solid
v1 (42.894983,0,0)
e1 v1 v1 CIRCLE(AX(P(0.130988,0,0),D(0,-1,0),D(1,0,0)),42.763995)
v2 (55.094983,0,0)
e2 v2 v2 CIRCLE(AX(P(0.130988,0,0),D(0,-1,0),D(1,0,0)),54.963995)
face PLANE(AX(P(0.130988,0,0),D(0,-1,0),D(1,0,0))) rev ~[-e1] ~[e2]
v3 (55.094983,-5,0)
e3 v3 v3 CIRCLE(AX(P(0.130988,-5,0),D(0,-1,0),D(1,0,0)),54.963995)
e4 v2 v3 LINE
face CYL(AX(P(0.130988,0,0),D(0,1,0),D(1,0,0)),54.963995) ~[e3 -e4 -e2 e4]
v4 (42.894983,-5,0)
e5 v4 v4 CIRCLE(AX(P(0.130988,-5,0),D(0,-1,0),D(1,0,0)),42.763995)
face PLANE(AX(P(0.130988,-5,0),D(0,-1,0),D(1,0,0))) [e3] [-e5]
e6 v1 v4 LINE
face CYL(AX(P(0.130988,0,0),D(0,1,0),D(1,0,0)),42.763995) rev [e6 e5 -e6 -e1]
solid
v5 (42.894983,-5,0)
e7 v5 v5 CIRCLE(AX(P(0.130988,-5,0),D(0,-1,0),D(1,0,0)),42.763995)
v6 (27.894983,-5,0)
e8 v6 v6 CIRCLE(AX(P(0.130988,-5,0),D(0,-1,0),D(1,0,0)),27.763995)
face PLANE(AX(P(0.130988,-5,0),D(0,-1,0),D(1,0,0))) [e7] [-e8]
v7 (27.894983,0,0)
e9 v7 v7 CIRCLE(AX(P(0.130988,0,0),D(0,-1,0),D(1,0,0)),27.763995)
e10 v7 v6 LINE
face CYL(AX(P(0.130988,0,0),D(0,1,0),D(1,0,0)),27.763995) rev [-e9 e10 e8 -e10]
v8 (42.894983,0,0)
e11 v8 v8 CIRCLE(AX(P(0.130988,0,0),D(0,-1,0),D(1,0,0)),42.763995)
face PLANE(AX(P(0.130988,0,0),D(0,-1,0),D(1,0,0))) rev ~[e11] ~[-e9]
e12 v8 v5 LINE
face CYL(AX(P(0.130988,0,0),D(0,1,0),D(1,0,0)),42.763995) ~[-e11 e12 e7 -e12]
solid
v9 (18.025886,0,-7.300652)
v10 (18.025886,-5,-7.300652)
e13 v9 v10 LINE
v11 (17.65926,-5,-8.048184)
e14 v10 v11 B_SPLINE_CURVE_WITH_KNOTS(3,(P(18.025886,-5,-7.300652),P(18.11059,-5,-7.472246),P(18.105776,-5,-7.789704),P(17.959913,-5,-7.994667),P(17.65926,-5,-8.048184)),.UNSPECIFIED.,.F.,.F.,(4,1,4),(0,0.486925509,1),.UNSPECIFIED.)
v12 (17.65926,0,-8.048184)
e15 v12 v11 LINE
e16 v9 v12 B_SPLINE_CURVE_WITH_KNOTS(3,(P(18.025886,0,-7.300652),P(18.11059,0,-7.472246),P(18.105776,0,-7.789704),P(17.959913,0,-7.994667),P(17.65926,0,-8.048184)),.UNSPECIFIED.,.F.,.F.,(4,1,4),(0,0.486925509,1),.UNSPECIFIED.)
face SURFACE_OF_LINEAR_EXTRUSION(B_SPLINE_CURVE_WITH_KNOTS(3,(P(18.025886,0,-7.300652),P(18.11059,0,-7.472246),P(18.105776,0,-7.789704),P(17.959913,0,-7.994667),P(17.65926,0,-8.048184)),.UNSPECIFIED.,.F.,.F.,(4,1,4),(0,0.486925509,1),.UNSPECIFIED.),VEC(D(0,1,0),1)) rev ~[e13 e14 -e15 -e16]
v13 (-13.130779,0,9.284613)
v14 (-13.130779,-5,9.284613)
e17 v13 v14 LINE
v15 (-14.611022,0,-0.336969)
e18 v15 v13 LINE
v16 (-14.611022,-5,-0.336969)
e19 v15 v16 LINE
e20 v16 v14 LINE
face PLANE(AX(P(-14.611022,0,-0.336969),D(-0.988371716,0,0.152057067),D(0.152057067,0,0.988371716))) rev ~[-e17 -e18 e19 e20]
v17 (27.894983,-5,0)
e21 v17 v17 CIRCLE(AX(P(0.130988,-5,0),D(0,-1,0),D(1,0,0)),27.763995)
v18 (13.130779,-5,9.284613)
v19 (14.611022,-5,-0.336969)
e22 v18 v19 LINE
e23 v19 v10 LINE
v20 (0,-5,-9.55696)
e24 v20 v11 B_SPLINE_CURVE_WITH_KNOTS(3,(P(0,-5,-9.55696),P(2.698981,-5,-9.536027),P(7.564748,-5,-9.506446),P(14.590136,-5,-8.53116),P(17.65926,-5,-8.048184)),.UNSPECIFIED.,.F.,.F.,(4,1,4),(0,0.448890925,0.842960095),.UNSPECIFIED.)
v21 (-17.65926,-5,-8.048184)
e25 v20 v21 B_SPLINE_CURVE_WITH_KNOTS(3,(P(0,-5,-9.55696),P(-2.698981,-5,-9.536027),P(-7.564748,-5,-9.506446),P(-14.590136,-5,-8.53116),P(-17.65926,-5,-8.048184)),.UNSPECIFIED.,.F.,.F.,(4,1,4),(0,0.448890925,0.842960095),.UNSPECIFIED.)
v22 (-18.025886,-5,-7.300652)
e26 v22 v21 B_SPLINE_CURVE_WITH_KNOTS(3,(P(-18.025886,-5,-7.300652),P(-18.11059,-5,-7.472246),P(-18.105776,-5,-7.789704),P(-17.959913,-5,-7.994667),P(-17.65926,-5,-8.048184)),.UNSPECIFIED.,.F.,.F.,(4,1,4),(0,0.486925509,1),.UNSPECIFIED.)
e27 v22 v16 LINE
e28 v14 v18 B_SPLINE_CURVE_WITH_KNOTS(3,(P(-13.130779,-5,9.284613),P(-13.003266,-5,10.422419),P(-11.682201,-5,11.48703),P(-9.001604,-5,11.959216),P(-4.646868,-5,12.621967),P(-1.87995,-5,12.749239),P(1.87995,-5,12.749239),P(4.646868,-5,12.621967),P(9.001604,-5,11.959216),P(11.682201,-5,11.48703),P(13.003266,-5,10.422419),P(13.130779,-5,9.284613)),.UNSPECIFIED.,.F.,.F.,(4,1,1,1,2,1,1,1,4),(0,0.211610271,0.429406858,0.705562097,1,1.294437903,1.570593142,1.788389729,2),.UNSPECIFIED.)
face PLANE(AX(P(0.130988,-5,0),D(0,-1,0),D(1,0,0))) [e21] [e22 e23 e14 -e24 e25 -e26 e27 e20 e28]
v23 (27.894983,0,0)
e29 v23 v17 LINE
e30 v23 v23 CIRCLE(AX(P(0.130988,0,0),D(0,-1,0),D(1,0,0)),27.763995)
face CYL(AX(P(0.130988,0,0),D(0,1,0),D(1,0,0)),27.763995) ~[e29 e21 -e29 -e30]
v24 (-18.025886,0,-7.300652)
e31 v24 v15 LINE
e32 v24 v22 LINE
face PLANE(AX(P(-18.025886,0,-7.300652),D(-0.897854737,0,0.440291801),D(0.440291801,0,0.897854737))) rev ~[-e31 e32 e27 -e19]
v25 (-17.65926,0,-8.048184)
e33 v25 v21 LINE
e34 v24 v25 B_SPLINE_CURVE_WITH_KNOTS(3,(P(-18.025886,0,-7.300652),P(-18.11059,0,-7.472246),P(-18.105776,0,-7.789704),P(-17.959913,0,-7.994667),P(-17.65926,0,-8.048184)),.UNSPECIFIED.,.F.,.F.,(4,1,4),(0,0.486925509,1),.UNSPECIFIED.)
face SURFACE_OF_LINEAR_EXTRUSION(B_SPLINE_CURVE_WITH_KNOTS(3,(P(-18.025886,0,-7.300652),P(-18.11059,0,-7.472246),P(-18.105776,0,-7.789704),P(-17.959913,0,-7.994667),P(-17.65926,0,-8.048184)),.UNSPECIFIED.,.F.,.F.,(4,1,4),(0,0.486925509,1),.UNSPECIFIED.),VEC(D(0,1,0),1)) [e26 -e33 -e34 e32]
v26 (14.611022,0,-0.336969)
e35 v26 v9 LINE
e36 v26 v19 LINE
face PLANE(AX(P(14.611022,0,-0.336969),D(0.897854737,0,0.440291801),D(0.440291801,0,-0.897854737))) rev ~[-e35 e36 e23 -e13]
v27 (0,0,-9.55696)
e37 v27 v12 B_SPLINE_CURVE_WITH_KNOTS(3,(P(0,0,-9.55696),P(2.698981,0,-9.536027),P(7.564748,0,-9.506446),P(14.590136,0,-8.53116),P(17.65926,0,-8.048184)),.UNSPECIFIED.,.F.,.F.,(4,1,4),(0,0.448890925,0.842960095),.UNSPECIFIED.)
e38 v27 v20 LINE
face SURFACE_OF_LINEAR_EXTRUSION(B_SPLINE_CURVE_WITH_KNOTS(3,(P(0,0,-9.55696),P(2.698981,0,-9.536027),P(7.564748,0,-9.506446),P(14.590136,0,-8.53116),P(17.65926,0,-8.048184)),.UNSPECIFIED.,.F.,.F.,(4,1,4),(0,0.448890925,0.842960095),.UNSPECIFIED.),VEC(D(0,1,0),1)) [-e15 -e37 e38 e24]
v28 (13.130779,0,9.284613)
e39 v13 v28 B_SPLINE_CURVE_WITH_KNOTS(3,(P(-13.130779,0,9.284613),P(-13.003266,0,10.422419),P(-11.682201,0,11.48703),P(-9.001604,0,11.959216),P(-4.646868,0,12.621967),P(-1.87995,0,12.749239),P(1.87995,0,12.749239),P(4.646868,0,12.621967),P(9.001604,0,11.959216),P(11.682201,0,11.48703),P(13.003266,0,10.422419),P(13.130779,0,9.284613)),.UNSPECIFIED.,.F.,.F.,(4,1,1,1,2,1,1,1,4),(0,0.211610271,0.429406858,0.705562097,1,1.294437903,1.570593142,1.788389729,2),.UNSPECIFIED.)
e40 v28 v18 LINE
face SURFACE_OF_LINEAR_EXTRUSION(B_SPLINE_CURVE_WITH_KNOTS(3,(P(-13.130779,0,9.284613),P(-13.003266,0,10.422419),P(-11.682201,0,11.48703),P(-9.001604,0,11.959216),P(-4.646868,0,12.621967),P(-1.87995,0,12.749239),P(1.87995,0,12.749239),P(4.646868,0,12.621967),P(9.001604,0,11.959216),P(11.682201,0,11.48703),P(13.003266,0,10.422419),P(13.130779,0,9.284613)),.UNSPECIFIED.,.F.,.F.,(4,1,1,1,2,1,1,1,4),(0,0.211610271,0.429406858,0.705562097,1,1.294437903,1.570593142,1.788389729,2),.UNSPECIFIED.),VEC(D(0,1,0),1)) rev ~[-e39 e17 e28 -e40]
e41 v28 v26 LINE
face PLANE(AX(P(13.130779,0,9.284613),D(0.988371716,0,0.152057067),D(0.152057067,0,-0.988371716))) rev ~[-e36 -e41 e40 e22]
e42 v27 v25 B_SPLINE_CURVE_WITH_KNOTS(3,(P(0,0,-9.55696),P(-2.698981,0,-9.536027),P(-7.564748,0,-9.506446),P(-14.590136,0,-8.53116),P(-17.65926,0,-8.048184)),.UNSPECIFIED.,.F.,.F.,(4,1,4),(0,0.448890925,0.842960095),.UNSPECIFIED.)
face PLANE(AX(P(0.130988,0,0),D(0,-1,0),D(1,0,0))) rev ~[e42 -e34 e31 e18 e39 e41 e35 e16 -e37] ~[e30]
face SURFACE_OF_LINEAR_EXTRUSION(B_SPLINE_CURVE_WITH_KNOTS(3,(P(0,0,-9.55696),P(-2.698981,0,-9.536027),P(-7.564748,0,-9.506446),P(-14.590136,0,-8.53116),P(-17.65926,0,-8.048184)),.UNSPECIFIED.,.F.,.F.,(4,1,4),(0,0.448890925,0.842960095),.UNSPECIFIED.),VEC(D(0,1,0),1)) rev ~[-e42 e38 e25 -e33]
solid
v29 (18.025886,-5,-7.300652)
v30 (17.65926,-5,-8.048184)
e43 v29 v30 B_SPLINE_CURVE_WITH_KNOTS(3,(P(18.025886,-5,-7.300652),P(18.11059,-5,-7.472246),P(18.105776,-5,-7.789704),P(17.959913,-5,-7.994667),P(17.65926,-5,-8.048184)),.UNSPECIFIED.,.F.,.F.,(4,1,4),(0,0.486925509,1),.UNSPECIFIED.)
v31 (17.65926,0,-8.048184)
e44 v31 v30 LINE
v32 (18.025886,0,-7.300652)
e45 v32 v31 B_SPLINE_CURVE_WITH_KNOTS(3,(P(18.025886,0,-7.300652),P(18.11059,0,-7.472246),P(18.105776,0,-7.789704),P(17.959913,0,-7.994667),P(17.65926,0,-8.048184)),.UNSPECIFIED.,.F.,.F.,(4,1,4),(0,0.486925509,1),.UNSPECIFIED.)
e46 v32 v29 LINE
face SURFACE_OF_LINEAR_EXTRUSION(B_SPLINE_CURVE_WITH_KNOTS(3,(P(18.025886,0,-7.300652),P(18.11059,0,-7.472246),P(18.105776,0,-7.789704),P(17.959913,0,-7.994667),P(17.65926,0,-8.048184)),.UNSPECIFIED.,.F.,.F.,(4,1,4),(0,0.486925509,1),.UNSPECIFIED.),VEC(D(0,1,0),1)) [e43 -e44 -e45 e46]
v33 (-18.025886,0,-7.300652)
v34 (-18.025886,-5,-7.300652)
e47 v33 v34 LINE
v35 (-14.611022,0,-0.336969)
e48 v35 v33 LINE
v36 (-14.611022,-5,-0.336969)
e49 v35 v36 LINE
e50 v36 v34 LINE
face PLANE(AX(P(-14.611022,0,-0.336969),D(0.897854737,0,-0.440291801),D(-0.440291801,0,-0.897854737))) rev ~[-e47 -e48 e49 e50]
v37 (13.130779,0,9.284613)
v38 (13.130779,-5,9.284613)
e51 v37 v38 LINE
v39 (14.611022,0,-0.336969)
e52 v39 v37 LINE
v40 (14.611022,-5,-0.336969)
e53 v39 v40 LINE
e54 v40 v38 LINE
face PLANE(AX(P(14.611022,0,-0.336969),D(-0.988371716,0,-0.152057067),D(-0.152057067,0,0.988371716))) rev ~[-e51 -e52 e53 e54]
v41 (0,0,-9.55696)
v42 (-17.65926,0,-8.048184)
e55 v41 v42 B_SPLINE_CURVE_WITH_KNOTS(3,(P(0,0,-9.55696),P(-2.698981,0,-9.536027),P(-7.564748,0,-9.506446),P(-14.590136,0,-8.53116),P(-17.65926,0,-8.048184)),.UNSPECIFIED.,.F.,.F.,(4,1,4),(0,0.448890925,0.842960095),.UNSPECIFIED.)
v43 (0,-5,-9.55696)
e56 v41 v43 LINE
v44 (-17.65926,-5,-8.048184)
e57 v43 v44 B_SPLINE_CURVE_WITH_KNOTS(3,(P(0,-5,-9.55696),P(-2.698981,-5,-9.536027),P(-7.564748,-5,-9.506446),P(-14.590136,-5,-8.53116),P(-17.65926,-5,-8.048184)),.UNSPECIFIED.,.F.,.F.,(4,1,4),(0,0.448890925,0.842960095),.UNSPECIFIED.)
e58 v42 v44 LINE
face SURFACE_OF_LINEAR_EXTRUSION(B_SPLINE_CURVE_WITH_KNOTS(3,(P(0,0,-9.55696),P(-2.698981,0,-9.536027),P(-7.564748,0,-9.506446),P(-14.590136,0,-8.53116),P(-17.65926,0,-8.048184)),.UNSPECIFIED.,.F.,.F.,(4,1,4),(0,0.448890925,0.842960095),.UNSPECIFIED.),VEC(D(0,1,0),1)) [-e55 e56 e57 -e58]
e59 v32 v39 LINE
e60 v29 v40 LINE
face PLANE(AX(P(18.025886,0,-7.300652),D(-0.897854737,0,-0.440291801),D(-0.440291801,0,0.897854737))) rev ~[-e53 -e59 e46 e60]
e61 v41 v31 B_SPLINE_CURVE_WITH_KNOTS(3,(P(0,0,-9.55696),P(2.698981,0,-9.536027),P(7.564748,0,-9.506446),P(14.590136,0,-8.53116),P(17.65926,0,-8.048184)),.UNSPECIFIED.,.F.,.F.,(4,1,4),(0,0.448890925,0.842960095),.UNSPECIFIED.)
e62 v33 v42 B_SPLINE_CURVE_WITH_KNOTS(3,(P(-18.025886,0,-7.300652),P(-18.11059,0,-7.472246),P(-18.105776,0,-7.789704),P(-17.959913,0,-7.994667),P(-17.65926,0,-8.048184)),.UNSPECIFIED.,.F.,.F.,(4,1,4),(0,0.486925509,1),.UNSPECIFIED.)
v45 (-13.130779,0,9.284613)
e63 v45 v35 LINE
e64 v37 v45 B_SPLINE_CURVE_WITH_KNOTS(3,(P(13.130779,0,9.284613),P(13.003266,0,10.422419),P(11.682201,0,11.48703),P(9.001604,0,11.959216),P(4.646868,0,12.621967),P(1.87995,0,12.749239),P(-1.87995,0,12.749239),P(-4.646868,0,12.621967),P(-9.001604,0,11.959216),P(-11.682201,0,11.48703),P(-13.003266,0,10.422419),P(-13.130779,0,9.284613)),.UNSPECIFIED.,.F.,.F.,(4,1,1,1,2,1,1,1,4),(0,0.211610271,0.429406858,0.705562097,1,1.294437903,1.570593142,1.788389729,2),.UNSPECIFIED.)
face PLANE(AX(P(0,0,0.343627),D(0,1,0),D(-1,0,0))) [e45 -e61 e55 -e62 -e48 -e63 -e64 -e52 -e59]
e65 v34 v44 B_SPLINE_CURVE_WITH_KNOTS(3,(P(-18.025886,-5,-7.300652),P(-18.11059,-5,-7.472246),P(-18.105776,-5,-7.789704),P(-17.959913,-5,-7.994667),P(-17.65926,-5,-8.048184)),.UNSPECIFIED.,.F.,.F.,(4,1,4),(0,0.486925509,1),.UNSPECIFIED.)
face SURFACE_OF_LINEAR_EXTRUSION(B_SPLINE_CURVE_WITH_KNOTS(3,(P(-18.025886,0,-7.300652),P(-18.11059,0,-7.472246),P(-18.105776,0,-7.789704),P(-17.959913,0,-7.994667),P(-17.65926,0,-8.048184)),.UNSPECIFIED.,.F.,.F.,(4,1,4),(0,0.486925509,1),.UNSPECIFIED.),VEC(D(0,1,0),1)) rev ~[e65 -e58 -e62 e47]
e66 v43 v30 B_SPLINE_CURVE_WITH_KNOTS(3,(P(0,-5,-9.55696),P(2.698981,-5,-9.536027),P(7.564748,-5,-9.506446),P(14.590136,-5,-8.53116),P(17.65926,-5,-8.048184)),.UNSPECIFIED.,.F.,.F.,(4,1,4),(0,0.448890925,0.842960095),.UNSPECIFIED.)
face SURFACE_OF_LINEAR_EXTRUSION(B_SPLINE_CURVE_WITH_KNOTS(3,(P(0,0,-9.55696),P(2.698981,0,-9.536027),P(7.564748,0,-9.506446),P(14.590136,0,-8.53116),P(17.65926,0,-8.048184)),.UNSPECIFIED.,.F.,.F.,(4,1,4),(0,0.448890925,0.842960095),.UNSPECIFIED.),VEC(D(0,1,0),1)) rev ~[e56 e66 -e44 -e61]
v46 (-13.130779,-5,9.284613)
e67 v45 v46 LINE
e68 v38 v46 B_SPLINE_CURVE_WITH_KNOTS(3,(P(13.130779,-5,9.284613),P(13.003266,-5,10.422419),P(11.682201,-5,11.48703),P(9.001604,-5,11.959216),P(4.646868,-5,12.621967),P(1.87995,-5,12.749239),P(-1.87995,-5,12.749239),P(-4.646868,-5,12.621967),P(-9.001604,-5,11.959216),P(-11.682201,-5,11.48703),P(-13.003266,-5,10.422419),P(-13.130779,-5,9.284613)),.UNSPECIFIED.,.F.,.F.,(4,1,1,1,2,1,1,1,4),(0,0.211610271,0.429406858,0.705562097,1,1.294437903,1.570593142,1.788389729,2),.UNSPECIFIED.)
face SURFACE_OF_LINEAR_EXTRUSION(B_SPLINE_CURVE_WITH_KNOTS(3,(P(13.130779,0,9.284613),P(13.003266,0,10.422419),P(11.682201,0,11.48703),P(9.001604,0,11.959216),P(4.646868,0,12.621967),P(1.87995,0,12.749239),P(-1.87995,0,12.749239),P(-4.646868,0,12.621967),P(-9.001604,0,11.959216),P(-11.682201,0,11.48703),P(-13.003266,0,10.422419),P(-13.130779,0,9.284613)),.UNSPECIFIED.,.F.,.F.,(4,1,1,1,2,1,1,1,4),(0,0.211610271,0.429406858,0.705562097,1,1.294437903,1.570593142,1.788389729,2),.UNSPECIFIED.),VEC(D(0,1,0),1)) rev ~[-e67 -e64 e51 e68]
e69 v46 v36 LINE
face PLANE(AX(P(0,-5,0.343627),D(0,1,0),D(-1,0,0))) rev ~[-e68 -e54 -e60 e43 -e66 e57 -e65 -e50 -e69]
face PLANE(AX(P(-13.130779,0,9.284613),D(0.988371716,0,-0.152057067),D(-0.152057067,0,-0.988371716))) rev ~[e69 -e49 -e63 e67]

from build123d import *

# Parameters (mm, degrees)
F1_DEPTH = 5
F0_R     = 27.763995
F2_DEPTH = 5
F0_R_2   = 42.763995
F3_DEPTH = 5
F0_R_3   = 54.963995
F4_DEPTH = 5


with BuildPart() as f1:
    # F0 (on Front) → F1 (new body)
    with BuildSketch(Plane.XZ):
        with BuildLine():
            add(Edge.make_bspline(
                [(0, 12.749238871), (1.8799504391, 12.749238871), (4.6468677574, 12.621967018), (9.0016043625, 11.9592161022), (11.6822012955, 11.487029525), (13.0032659097, 10.4224192532), (13.1307793781, 9.2846127227)],
                knots=[0, 0, 0, 0, 0.2944379035, 0.5705931421, 0.7883897291, 1, 1, 1, 1], degree=3))
            add(Edge.make_bspline(
                [(0, 12.749238871), (-1.8799504391, 12.749238871), (-4.6468677574, 12.621967018), (-9.0016043625, 11.9592161022), (-11.6822012955, 11.487029525), (-13.0032659097, 10.4224192532), (-13.1307793781, 9.2846127227)],
                knots=[0, 0, 0, 0, 0.2944379035, 0.5705931421, 0.7883897291, 1, 1, 1, 1], degree=3))
            Line((-13.1307793781, 9.2846127227), (-14.6110216156, -0.3369693877))
            Line((-14.6110216156, -0.3369693877), (-18.0258862674, -7.3006520979))
            add(Edge.make_bspline(
                [(-18.0258862674, -7.3006520979), (-18.1105896685, -7.4722460504), (-18.105776428, -7.7897039819), (-17.9599132375, -7.9946665401), (-17.6592595211, -8.0481836141)],
                knots=[0, 0, 0, 0, 0.4869255089, 1, 1, 1, 1], degree=3))
            add(Edge.make_bspline(
                [(0, -9.556960276), (-2.6989814748, -9.5360273975), (-7.5647477911, -9.5064457404), (-14.5901364303, -8.531159682), (-17.6592595211, -8.0481836141)],
                knots=[0, 0, 0, 0, 0.4488909251, 0.842960095, 0.842960095, 0.842960095, 0.842960095], degree=3))
            add(Edge.make_bspline(
                [(0, -9.556960276), (2.6989814748, -9.5360273975), (7.5647477911, -9.5064457404), (14.5901364303, -8.531159682), (17.6592595211, -8.0481836141)],
                knots=[0, 0, 0, 0, 0.4488909251, 0.842960095, 0.842960095, 0.842960095, 0.842960095], degree=3))
            add(Edge.make_bspline(
                [(18.0258862674, -7.3006520979), (18.1105896685, -7.4722460504), (18.105776428, -7.7897039819), (17.9599132375, -7.9946665401), (17.6592595211, -8.0481836141)],
                knots=[0, 0, 0, 0, 0.4869255089, 1, 1, 1, 1], degree=3))
            Line((18.0258862674, -7.3006520979), (14.6110216156, -0.3369693877))
            Line((14.6110216156, -0.3369693877), (13.1307793781, 9.2846127227))
        make_face()
    extrude(amount=F1_DEPTH)


with BuildPart() as f2:
    # F0 (on Front) → F2 (new body)
    with BuildSketch(Plane.XZ):
        with Locations((0.1309880681, 0)):
            Circle(F0_R)
        with BuildLine():
            add(Edge.make_bspline(
                [(0, 12.749238871), (-1.8799504391, 12.749238871), (-4.6468677574, 12.621967018), (-9.0016043625, 11.9592161022), (-11.6822012955, 11.487029525), (-13.0032659097, 10.4224192532), (-13.1307793781, 9.2846127227)],
                knots=[0, 0, 0, 0, 0.2944379035, 0.5705931421, 0.7883897291, 1, 1, 1, 1], degree=3))
            add(Edge.make_bspline(
                [(0, 12.749238871), (1.8799504391, 12.749238871), (4.6468677574, 12.621967018), (9.0016043625, 11.9592161022), (11.6822012955, 11.487029525), (13.0032659097, 10.4224192532), (13.1307793781, 9.2846127227)],
                knots=[0, 0, 0, 0, 0.2944379035, 0.5705931421, 0.7883897291, 1, 1, 1, 1], degree=3))
            Line((13.1307793781, 9.2846127227), (14.6110216156, -0.3369693877))
            Line((14.6110216156, -0.3369693877), (18.0258862674, -7.3006520979))
            add(Edge.make_bspline(
                [(18.0258862674, -7.3006520979), (18.1105896685, -7.4722460504), (18.105776428, -7.7897039819), (17.9599132375, -7.9946665401), (17.6592595211, -8.0481836141)],
                knots=[0, 0, 0, 0, 0.4869255089, 1, 1, 1, 1], degree=3))
            add(Edge.make_bspline(
                [(0, -9.556960276), (2.6989814748, -9.5360273975), (7.5647477911, -9.5064457404), (14.5901364303, -8.531159682), (17.6592595211, -8.0481836141)],
                knots=[0, 0, 0, 0, 0.4488909251, 0.842960095, 0.842960095, 0.842960095, 0.842960095], degree=3))
            add(Edge.make_bspline(
                [(0, -9.556960276), (-2.6989814748, -9.5360273975), (-7.5647477911, -9.5064457404), (-14.5901364303, -8.531159682), (-17.6592595211, -8.0481836141)],
                knots=[0, 0, 0, 0, 0.4488909251, 0.842960095, 0.842960095, 0.842960095, 0.842960095], degree=3))
            add(Edge.make_bspline(
                [(-18.0258862674, -7.3006520979), (-18.1105896685, -7.4722460504), (-18.105776428, -7.7897039819), (-17.9599132375, -7.9946665401), (-17.6592595211, -8.0481836141)],
                knots=[0, 0, 0, 0, 0.4869255089, 1, 1, 1, 1], degree=3))
            Line((-18.0258862674, -7.3006520979), (-14.6110216156, -0.3369693877))
            Line((-14.6110216156, -0.3369693877), (-13.1307793781, 9.2846127227))
        make_face(mode=Mode.SUBTRACT)
    extrude(amount=F2_DEPTH)


with BuildPart() as f3:
    # F0 (on Front) → F3 (new body)
    with BuildSketch(Plane.XZ):
        with Locations((0.1309880681, 0)):
            Circle(F0_R_2)
        with Locations((0.1309880681, 0)):
            Circle(F0_R, mode=Mode.SUBTRACT)
    extrude(amount=F3_DEPTH)


with BuildPart() as f4:
    # F0 (on Front) → F4 (new body)
    with BuildSketch(Plane.XZ):
        with Locations((0.1309880681, 0)):
            Circle(F0_R_3)
        with Locations((0.1309880681, 0)):
            Circle(F0_R_2, mode=Mode.SUBTRACT)
    extrude(amount=F4_DEPTH)


solid = Compound([f1.part, f2.part, f3.part, f4.part])
